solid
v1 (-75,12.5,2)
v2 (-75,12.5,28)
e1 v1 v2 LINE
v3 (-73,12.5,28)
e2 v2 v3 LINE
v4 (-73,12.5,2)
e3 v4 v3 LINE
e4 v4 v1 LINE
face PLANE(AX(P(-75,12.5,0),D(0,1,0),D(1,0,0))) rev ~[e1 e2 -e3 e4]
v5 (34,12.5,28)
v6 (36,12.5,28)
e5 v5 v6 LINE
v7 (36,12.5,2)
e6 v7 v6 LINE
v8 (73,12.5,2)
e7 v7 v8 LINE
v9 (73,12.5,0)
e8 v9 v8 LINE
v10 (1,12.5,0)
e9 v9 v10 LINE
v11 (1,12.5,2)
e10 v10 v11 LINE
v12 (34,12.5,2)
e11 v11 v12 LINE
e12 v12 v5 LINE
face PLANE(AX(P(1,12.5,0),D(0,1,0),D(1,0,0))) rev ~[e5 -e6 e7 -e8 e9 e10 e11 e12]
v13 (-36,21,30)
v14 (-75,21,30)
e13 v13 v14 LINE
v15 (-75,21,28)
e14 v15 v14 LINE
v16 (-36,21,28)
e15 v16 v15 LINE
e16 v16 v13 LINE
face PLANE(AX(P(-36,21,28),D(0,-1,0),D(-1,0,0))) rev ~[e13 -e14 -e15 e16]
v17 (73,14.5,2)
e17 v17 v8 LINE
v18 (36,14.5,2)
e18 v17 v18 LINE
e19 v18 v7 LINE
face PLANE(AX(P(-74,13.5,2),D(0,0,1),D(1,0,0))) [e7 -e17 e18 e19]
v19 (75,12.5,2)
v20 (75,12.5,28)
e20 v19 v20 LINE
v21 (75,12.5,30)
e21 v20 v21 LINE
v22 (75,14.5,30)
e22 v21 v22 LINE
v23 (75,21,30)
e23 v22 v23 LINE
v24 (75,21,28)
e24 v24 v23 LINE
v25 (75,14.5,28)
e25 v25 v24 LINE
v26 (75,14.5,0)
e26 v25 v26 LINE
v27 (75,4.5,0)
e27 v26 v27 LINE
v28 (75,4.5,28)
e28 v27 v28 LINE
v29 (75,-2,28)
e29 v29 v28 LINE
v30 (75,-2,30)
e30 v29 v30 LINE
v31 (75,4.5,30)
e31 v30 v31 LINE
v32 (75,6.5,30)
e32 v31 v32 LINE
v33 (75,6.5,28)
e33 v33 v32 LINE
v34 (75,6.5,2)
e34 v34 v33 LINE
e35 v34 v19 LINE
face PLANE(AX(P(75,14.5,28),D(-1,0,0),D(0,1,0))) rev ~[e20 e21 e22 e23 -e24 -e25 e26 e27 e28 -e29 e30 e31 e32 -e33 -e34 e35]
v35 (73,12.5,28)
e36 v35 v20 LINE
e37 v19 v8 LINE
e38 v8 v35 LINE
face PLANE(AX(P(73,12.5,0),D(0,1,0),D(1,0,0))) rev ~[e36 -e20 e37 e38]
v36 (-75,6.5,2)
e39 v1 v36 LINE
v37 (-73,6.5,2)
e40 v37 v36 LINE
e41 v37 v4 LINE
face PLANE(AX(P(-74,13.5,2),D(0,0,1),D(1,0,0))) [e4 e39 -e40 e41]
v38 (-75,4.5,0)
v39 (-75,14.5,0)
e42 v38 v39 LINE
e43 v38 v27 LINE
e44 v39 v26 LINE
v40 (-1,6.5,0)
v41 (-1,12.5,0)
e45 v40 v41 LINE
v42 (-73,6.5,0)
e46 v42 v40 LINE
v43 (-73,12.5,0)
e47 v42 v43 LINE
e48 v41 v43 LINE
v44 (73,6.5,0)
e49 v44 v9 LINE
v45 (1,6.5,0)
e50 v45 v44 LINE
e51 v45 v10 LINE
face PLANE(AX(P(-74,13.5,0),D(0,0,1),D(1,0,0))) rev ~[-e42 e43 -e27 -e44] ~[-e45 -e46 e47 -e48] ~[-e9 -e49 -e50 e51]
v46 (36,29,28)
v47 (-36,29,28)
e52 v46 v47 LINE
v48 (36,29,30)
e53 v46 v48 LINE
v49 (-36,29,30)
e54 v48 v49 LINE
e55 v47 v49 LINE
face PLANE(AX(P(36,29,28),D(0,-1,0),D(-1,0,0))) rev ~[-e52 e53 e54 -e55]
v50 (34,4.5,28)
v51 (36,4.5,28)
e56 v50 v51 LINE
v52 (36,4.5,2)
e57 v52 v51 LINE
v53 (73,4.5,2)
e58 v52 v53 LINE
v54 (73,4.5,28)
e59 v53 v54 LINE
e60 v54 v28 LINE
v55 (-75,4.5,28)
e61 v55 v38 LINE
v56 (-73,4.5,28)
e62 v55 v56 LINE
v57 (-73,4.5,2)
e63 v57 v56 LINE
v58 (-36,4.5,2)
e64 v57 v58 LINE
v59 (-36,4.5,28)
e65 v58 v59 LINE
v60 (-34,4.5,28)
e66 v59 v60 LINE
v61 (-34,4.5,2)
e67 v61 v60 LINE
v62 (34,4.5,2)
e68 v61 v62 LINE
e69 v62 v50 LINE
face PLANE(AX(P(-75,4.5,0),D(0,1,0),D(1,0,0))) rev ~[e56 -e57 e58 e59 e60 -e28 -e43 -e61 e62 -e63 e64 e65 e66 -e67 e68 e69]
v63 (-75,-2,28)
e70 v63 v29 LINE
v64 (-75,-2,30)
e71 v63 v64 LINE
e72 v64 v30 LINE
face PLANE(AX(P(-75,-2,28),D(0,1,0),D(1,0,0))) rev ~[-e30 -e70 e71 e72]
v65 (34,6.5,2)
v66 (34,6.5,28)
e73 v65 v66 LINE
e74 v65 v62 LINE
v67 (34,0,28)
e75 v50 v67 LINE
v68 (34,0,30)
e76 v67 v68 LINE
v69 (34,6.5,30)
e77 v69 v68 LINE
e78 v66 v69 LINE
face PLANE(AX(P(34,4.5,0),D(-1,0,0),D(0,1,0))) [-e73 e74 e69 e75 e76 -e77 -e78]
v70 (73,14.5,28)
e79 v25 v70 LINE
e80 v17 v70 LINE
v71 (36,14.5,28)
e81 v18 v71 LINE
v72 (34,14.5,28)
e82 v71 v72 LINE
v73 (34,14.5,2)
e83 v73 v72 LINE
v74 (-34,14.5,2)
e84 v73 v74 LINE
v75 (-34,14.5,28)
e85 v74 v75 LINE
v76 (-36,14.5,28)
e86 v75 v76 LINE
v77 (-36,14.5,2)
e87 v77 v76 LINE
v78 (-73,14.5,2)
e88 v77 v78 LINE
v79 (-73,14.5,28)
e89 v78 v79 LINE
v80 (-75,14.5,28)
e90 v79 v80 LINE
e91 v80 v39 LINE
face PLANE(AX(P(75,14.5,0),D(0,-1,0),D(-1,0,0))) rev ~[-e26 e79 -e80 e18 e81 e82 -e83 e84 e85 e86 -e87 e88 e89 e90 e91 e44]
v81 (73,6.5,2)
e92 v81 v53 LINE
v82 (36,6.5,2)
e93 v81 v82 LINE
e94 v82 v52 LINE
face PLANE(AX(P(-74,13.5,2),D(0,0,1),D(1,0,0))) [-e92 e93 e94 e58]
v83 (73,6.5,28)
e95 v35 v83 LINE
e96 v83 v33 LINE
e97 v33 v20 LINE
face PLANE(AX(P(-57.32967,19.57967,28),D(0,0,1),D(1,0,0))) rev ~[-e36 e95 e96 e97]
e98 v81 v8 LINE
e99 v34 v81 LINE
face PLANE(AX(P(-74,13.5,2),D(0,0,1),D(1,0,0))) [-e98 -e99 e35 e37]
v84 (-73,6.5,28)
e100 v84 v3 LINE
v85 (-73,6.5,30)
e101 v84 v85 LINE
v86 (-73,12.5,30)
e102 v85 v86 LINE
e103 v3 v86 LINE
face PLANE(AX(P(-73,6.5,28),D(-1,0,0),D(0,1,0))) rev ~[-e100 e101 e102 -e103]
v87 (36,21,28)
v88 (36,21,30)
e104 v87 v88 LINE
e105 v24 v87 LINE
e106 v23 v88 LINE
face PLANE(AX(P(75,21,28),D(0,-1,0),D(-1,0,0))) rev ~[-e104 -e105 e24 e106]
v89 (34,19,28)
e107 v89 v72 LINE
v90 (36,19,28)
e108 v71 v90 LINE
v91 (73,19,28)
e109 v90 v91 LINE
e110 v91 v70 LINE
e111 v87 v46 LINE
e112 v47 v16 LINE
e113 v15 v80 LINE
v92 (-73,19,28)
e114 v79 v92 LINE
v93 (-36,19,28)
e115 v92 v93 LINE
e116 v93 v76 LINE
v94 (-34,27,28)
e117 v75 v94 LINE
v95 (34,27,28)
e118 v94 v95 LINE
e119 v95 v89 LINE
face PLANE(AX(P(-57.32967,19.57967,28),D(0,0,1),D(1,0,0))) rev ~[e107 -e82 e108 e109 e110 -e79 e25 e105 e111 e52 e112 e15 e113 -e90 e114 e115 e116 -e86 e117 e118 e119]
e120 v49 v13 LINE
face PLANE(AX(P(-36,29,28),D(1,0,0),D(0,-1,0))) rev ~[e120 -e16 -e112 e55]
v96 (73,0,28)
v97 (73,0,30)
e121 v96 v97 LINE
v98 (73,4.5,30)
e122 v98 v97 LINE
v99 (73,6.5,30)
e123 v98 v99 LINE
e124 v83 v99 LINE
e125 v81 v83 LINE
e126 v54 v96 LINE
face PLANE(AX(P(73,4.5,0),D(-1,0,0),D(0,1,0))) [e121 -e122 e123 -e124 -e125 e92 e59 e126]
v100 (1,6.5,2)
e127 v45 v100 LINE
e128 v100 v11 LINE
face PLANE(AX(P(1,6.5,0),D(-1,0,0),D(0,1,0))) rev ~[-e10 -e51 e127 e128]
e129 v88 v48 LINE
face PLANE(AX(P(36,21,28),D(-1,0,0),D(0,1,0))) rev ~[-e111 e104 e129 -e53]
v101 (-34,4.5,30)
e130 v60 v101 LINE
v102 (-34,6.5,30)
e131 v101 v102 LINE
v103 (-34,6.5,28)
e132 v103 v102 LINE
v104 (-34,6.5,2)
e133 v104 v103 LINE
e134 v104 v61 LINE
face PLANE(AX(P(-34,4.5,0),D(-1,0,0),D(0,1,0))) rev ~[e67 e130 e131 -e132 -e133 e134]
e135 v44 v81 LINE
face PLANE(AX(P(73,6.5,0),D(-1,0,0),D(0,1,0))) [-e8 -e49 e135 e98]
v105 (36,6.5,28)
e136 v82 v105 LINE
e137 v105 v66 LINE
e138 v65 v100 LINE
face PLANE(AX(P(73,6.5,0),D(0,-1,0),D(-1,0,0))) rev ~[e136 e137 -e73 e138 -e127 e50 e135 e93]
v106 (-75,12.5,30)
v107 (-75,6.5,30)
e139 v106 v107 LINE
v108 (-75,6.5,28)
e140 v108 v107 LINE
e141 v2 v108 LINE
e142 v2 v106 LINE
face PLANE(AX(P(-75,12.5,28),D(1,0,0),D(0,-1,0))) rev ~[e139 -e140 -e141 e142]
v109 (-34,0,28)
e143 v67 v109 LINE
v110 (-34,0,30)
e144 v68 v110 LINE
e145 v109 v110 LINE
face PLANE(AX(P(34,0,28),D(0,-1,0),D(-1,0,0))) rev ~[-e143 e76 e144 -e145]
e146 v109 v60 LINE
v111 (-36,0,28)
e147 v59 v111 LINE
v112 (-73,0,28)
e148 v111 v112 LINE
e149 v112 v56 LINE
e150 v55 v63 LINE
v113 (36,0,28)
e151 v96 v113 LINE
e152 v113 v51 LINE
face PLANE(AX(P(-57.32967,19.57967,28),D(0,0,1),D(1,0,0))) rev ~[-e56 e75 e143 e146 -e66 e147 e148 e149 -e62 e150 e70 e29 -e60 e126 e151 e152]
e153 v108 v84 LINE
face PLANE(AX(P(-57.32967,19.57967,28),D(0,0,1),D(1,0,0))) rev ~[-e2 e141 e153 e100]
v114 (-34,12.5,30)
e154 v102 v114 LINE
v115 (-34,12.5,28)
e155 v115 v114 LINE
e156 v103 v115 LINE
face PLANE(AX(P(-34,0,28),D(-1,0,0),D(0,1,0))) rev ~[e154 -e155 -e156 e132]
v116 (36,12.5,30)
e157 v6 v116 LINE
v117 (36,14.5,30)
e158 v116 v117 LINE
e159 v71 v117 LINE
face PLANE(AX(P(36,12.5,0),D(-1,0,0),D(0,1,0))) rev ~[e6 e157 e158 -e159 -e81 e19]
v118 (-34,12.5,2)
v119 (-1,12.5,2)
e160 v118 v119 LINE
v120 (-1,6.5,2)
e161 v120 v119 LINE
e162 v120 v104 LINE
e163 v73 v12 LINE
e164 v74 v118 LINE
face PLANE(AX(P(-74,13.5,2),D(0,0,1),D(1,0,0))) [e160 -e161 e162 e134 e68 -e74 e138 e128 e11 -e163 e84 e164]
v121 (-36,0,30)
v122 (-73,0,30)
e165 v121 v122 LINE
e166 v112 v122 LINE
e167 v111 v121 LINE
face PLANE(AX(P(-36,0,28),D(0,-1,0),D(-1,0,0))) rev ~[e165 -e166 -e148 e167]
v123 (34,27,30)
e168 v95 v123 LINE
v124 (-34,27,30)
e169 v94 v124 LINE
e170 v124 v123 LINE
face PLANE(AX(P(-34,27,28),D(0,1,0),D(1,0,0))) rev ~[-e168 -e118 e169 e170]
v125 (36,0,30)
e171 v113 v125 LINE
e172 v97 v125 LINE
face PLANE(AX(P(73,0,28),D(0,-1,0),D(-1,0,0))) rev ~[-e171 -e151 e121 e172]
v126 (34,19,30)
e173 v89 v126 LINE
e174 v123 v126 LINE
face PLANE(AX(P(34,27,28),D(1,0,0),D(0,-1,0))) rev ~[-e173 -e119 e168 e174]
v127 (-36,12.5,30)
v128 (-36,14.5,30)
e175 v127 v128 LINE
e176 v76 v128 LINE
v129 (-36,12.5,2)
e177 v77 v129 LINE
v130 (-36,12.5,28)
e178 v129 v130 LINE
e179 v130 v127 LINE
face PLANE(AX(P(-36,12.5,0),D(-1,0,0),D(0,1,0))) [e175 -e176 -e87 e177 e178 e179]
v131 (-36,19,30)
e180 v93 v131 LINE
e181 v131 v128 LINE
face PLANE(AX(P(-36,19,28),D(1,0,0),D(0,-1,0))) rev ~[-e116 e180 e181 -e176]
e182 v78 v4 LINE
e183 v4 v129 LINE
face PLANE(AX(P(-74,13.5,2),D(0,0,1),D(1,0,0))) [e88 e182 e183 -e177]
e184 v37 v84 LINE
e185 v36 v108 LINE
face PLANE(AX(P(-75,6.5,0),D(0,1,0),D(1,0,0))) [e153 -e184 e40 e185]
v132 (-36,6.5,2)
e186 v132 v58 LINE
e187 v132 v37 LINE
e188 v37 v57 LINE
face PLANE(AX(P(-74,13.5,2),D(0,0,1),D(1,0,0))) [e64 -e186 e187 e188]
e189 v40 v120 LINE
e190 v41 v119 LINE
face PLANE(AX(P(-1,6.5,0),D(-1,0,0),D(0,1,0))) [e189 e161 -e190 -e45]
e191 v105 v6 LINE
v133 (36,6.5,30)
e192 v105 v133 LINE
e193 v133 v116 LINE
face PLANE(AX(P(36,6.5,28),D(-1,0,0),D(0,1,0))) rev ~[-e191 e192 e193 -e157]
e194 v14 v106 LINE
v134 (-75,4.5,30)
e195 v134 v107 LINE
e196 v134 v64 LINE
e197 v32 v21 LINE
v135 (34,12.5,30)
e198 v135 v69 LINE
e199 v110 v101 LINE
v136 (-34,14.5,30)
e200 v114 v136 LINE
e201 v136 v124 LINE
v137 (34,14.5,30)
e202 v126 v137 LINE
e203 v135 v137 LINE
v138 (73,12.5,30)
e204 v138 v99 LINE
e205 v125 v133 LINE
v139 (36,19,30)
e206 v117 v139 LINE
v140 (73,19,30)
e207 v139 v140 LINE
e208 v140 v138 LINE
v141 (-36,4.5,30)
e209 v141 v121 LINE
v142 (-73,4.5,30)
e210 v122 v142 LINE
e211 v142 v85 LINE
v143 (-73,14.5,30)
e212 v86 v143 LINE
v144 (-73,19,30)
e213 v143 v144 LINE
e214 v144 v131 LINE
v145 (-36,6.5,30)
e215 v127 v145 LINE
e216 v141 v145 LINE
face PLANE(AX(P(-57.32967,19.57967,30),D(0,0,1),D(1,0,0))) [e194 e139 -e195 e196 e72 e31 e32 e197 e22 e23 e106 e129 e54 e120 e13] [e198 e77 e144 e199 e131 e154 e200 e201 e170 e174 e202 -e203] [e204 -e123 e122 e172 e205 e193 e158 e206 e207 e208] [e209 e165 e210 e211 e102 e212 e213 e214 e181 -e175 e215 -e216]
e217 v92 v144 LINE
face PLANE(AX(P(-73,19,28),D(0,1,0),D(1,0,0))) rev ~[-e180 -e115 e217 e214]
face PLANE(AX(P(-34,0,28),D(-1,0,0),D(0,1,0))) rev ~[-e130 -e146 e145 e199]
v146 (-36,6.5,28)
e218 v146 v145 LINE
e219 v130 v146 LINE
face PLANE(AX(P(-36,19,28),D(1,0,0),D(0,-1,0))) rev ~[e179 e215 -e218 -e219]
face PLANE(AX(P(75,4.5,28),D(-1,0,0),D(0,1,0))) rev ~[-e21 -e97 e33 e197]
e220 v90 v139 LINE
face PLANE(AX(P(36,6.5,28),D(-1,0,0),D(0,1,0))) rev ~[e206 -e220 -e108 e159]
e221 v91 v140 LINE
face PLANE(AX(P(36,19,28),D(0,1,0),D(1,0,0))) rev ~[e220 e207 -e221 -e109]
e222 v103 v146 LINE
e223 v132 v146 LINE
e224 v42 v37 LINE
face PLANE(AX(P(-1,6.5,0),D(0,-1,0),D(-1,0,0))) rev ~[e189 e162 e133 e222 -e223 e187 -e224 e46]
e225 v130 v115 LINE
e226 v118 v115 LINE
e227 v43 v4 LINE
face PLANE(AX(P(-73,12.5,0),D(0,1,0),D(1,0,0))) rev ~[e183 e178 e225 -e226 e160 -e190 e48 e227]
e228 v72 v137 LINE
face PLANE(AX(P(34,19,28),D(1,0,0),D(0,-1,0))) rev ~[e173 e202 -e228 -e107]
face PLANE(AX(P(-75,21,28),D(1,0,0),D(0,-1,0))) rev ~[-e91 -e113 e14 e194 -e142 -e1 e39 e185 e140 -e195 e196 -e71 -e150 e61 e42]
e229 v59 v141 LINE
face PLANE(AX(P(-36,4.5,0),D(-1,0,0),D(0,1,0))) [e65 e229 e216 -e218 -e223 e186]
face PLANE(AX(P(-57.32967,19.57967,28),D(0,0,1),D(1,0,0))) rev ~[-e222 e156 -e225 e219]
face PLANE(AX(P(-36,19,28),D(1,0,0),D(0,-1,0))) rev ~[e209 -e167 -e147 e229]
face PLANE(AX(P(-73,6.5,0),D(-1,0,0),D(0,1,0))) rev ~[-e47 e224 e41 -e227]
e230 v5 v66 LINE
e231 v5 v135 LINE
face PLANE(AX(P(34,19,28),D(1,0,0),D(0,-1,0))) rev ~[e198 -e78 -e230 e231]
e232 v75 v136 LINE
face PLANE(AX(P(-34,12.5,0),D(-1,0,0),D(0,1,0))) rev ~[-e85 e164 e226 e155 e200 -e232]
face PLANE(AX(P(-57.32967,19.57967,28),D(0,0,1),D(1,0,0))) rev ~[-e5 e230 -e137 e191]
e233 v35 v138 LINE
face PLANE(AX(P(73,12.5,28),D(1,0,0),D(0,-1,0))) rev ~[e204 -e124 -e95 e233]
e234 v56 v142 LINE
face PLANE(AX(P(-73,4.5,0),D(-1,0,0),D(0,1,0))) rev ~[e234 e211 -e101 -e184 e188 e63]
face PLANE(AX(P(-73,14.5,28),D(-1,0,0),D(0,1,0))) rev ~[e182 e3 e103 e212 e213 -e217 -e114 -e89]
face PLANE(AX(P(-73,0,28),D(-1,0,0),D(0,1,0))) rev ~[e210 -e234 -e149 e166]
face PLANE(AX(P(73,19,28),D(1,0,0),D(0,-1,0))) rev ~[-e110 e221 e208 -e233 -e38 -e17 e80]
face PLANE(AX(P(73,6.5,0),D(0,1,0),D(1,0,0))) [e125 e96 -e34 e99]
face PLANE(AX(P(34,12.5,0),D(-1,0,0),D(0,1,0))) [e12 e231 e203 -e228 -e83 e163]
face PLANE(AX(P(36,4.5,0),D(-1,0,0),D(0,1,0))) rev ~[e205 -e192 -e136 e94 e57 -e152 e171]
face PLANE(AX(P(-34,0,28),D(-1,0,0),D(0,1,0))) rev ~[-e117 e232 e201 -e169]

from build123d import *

# Parameters (mm, degrees)
F0_W     = 1.9999997169
F0_H     = 2
F0_H_2   = 6
F0_W_2   = 37.0000002831
F0_W_3   = 2
F1_DEPTH = 2
F2_DEPTH = 30
F3_START = 28
F0_H_3   = 4.5
F3_DEPTH = 2


with BuildPart() as f1:
    # F0 (on Top) → F1 (new body)
    with BuildSketch(Plane.XY):
        with Locations((-73.9999998584, 13.5)):
            Rectangle(F0_W, F0_H)
        with Locations((-73.9999998584, 9.5)):
            Rectangle(F0_W, F0_H_2)
        with Locations((-73.9999998584, 5.5)):
            Rectangle(F0_W, F0_H)
        with Locations((-54.4999998584, 5.5)):
            Rectangle(F0_W_2, F0_H)
        with Locations((-54.4999998584, 13.5)):
            Rectangle(F0_W_2, F0_H)
        with Locations((-34.9999998584, 13.5)):
            Rectangle(F0_W, F0_H)
        Polygon((-34, 14.5), (-34, 12.5), (-1, 12.5), (1, 12.5), (34, 12.5), (34, 14.5), align=None)
        with Locations((-34.9999998584, 5.5)):
            Rectangle(F0_W, F0_H)
        Polygon((-34, 6.5), (-34, 4.5), (34, 4.5), (34, 6.5), (1, 6.5), (-1, 6.5), align=None)
        with Locations((0, 9.5)):
            Rectangle(F0_W_3, F0_H_2)
        with Locations((34.9999998584, 13.5)):
            Rectangle(F0_W, F0_H)
        with Locations((34.9999998584, 5.5)):
            Rectangle(F0_W, F0_H)
        with Locations((54.4999998584, 5.5)):
            Rectangle(F0_W_2, F0_H)
        with Locations((54.4999998584, 13.5)):
            Rectangle(F0_W_2, F0_H)
        with Locations((73.9999998584, 13.5)):
            Rectangle(F0_W, F0_H)
        with Locations((73.9999998584, 9.5)):
            Rectangle(F0_W, F0_H_2)
        with Locations((73.9999998584, 5.5)):
            Rectangle(F0_W, F0_H)
    extrude(amount=F1_DEPTH)

    # F0 (on Top) → F2 (join)
    with BuildSketch(Plane.XY):
        with Locations((-73.9999998584, 5.5)):
            Rectangle(F0_W, F0_H)
        with Locations((-73.9999998584, 13.5)):
            Rectangle(F0_W, F0_H)
        with Locations((-34.9999998584, 5.5)):
            Rectangle(F0_W, F0_H)
        with Locations((-34.9999998584, 13.5)):
            Rectangle(F0_W, F0_H)
        with Locations((34.9999998584, 5.5)):
            Rectangle(F0_W, F0_H)
        with Locations((34.9999998584, 13.5)):
            Rectangle(F0_W, F0_H)
        with Locations((73.9999998584, 5.5)):
            Rectangle(F0_W, F0_H)
        with Locations((73.9999998584, 13.5)):
            Rectangle(F0_W, F0_H)
    extrude(amount=F2_DEPTH)

    # F0 (on Top) → F3 (join)
    with BuildSketch(Plane.XY.offset(F3_START)):
        Polygon((-74.9999997169, 14.5), (-73, 14.5), (-73, 19), (-35.9999997169, 19), (-35.9999997169, 20.9999997169), (-74.9999997169, 20.9999997169), align=None)
        Polygon((-35.9999997169, 0), (-73, 0), (-73, 4.5), (-74.9999997169, 4.5), (-74.9999997169, -1.9999997169), (74.9999997169, -1.9999997169), (74.9999997169, 4.5), (73, 4.5), (73, 0), (35.9999997169, 0), (34, 0), (-34, 0), align=None)
        with Locations((-34.9999998584, 2.25)):
            Rectangle(F0_W, F0_H_3)
        with Locations((-34.9999998584, 9.5)):
            Rectangle(F0_W, F0_H_2)
        with Locations((-34.9999998584, 16.75)):
            Rectangle(F0_W, F0_H_3)
        Polygon((-35.9999997169, 20.9999997169), (-35.9999997169, 19), (-34, 19), (-34, 27), (34, 27), (34, 19), (35.9999997169, 19), (35.9999997169, 20.9999997169), (35.9999997169, 28.9999997169), (-35.9999997169, 28.9999997169), align=None)
        with Locations((34.9999998584, 16.75)):
            Rectangle(F0_W, F0_H_3)
        Polygon((73, 14.5), (74.9999997169, 14.5), (74.9999997169, 20.9999997169), (35.9999997169, 20.9999997169), (35.9999997169, 19), (73, 19), align=None)
        with Locations((34.9999998584, 9.5)):
            Rectangle(F0_W, F0_H_2)
        with Locations((34.9999998584, 2.25)):
            Rectangle(F0_W, F0_H_3)
        with Locations((-34.9999998584, 5.5)):
            Rectangle(F0_W, F0_H)
        with Locations((-73.9999998584, 5.5)):
            Rectangle(F0_W, F0_H)
        with Locations((-73.9999998584, 9.5)):
            Rectangle(F0_W, F0_H_2)
        with Locations((-73.9999998584, 13.5)):
            Rectangle(F0_W, F0_H)
        with Locations((-34.9999998584, 13.5)):
            Rectangle(F0_W, F0_H)
        with Locations((34.9999998584, 13.5)):
            Rectangle(F0_W, F0_H)
        with Locations((34.9999998584, 5.5)):
            Rectangle(F0_W, F0_H)
        with Locations((73.9999998584, 5.5)):
            Rectangle(F0_W, F0_H)
        with Locations((73.9999998584, 9.5)):
            Rectangle(F0_W, F0_H_2)
        with Locations((73.9999998584, 13.5)):
            Rectangle(F0_W, F0_H)
    extrude(amount=F3_DEPTH)


solid = f1.part
